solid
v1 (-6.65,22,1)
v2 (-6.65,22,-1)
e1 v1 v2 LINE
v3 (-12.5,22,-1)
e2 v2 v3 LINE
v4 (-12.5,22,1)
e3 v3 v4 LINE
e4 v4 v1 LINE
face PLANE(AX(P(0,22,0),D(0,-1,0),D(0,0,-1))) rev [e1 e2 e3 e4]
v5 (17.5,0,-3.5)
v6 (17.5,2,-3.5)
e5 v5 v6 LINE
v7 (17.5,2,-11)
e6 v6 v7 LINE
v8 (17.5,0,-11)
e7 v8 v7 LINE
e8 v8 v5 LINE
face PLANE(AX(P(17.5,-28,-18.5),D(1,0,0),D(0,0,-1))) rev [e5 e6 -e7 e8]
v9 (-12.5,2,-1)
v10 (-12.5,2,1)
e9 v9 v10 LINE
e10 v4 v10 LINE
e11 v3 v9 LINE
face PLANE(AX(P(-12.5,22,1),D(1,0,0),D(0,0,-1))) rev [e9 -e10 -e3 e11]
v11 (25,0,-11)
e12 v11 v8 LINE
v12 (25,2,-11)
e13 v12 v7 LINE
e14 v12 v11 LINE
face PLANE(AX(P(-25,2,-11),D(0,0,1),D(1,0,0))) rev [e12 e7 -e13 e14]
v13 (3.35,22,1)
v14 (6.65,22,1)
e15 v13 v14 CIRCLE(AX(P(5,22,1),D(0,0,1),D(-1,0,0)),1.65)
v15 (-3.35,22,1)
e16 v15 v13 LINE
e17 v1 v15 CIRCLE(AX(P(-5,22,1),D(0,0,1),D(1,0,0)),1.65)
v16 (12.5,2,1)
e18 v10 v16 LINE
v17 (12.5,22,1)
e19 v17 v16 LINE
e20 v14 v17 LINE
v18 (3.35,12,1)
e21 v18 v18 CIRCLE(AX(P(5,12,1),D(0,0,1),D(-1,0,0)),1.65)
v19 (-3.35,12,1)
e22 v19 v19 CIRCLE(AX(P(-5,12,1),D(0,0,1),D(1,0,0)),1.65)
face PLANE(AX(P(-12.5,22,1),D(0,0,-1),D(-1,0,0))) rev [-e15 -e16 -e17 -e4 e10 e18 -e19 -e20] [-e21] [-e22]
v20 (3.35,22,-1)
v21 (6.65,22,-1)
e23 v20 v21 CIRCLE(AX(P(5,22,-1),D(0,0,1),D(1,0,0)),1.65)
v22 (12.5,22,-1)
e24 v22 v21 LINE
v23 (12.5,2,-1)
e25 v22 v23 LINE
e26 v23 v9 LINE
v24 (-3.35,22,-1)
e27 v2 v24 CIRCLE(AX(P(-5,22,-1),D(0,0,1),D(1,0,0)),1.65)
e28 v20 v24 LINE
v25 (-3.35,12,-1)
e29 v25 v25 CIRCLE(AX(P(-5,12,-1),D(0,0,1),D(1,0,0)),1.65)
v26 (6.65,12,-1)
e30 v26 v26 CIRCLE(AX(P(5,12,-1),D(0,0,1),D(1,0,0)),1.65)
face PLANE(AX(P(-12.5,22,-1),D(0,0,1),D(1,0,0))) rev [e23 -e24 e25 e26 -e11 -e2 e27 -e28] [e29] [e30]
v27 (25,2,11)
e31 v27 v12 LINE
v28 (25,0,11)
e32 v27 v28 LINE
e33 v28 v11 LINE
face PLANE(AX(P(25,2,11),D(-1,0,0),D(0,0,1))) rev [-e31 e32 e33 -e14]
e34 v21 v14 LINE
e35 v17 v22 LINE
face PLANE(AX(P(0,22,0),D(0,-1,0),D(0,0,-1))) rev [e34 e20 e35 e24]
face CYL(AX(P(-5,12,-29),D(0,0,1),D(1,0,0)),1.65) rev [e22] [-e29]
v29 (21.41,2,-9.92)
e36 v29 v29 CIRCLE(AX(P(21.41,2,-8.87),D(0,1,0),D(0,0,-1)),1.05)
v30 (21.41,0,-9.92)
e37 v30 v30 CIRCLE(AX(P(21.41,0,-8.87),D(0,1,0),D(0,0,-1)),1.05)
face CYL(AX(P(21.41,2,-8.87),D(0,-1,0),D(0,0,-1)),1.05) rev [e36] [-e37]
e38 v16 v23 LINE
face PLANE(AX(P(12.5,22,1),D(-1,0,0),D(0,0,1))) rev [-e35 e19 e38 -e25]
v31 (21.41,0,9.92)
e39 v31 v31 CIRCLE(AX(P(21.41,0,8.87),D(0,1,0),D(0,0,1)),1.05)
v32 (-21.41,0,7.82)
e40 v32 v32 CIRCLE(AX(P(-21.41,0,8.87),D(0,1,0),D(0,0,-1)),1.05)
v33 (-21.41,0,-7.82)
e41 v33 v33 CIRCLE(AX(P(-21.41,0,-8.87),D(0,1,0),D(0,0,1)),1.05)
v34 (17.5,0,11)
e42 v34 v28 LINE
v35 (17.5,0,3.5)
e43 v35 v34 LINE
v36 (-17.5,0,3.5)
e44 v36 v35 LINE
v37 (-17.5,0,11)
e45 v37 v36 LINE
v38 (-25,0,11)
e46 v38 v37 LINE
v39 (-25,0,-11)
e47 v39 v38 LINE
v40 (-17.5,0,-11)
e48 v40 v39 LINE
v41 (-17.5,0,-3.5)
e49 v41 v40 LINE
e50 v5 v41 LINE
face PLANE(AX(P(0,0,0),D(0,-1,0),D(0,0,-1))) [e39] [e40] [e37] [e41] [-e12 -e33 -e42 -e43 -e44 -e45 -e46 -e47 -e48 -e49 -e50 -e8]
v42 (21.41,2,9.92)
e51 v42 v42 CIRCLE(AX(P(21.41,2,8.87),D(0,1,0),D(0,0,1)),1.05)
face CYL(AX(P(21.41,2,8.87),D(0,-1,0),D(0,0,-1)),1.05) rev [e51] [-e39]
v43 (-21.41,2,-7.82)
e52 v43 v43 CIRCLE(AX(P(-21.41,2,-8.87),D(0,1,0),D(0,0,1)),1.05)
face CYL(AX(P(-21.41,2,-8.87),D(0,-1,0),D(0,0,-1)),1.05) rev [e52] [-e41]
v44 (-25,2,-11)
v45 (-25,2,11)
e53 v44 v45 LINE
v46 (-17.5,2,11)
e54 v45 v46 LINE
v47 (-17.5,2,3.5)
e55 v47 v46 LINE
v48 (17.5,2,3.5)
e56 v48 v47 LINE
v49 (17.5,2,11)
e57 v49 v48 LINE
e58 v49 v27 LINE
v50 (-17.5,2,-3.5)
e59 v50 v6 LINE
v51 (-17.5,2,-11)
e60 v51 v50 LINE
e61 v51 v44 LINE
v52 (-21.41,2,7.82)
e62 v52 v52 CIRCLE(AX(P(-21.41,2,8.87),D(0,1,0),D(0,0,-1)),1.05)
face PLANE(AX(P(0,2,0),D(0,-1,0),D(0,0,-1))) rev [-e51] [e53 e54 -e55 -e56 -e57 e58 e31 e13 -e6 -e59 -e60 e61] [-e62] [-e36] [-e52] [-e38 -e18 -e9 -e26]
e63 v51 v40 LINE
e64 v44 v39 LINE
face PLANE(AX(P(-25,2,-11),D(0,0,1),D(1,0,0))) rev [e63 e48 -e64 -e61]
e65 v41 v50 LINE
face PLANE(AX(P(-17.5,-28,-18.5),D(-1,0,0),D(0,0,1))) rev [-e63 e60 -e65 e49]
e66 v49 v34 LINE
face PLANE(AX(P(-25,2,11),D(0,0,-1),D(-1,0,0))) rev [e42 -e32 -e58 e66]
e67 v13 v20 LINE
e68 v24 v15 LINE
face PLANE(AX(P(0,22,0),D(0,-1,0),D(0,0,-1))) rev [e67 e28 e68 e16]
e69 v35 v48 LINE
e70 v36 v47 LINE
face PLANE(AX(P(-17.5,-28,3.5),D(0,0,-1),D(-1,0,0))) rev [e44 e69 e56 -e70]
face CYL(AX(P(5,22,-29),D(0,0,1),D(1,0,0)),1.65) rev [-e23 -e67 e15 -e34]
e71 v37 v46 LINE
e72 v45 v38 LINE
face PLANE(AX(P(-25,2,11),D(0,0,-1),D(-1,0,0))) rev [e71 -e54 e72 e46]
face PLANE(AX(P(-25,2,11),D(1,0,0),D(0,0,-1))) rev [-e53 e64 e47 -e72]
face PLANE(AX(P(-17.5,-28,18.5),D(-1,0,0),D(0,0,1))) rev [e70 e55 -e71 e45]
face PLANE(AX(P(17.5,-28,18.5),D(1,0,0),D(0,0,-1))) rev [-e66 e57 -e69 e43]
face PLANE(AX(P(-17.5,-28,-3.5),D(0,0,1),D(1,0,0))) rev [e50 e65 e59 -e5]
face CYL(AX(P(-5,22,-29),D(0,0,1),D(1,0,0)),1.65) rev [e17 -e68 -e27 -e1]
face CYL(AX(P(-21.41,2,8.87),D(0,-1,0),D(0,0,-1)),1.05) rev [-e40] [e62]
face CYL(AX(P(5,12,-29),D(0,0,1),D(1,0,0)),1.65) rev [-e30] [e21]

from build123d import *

# Parameters (mm, degrees)
SKETCH_1_W          = 50
SKETCH_1_H          = 22
SKETCH_1_R          = 1.05
EXTRUDE_1_DEPTH     = 2
SKETCH_2_W          = 25
SKETCH_2_H          = 2
EXTRUDE_2_DEPTH     = 20
SKETCH_3_R          = 1.65
CUT_EXTRUDE_1_DEPTH = 30
SKETCH_4_W          = 35
SKETCH_4_H          = 15
CUT_EXTRUDE_2_DEPTH = 30


with BuildPart() as part:
    # 草图1 → 凸台-拉伸1 (new body)
    with BuildSketch(Plane(origin=(0, 0, 0), x_dir=(1, 0, 0), z_dir=(0, 1, 0))):
        Rectangle(SKETCH_1_W, SKETCH_1_H)
        with Locations(Location((-21.41, 8.87, 0), (0, 0, 270))):
            Circle(SKETCH_1_R, mode=Mode.SUBTRACT)
        with Locations(Location((-21.41, -8.87, 0), (0, 0, 90))):
            Circle(SKETCH_1_R, mode=Mode.SUBTRACT)
        with Locations(Location((21.41, -8.87, 0), (0, 0, 270))):
            Circle(SKETCH_1_R, mode=Mode.SUBTRACT)
        with Locations(Location((21.41, 8.87, 0), (0, 0, 90))):
            Circle(SKETCH_1_R, mode=Mode.SUBTRACT)
    extrude(amount=EXTRUDE_1_DEPTH)

    # 草图2 → 凸台-拉伸2 (add)
    with BuildSketch(Plane(origin=(0, 2, 0), x_dir=(1, 0, 0), z_dir=(0, 1, 0))):
        Rectangle(SKETCH_2_W, SKETCH_2_H)
    extrude(amount=EXTRUDE_2_DEPTH)

    # 草图3 → 切除-拉伸1 (cut)
    with BuildSketch(Plane.XY.offset(1)):
        with Locations((-5, 22)):
            Circle(SKETCH_3_R)
        with Locations((-5, 12)):
            Circle(SKETCH_3_R)
        with Locations((5, 12)):
            Circle(SKETCH_3_R)
        with Locations((5, 22)):
            Circle(SKETCH_3_R)
    extrude(amount=-CUT_EXTRUDE_1_DEPTH, mode=Mode.SUBTRACT)

    # 草图4 → 切除-拉伸2 (cut)
    with BuildSketch(Plane(origin=(0, 2, 0), x_dir=(1, 0, 0), z_dir=(0, 1, 0))):
        with Locations((0, -11)):
            Rectangle(SKETCH_4_W, SKETCH_4_H)
        with Locations((0, 11)):
            Rectangle(SKETCH_4_W, SKETCH_4_H)
    extrude(amount=-CUT_EXTRUDE_2_DEPTH, mode=Mode.SUBTRACT)


solid = part.part
